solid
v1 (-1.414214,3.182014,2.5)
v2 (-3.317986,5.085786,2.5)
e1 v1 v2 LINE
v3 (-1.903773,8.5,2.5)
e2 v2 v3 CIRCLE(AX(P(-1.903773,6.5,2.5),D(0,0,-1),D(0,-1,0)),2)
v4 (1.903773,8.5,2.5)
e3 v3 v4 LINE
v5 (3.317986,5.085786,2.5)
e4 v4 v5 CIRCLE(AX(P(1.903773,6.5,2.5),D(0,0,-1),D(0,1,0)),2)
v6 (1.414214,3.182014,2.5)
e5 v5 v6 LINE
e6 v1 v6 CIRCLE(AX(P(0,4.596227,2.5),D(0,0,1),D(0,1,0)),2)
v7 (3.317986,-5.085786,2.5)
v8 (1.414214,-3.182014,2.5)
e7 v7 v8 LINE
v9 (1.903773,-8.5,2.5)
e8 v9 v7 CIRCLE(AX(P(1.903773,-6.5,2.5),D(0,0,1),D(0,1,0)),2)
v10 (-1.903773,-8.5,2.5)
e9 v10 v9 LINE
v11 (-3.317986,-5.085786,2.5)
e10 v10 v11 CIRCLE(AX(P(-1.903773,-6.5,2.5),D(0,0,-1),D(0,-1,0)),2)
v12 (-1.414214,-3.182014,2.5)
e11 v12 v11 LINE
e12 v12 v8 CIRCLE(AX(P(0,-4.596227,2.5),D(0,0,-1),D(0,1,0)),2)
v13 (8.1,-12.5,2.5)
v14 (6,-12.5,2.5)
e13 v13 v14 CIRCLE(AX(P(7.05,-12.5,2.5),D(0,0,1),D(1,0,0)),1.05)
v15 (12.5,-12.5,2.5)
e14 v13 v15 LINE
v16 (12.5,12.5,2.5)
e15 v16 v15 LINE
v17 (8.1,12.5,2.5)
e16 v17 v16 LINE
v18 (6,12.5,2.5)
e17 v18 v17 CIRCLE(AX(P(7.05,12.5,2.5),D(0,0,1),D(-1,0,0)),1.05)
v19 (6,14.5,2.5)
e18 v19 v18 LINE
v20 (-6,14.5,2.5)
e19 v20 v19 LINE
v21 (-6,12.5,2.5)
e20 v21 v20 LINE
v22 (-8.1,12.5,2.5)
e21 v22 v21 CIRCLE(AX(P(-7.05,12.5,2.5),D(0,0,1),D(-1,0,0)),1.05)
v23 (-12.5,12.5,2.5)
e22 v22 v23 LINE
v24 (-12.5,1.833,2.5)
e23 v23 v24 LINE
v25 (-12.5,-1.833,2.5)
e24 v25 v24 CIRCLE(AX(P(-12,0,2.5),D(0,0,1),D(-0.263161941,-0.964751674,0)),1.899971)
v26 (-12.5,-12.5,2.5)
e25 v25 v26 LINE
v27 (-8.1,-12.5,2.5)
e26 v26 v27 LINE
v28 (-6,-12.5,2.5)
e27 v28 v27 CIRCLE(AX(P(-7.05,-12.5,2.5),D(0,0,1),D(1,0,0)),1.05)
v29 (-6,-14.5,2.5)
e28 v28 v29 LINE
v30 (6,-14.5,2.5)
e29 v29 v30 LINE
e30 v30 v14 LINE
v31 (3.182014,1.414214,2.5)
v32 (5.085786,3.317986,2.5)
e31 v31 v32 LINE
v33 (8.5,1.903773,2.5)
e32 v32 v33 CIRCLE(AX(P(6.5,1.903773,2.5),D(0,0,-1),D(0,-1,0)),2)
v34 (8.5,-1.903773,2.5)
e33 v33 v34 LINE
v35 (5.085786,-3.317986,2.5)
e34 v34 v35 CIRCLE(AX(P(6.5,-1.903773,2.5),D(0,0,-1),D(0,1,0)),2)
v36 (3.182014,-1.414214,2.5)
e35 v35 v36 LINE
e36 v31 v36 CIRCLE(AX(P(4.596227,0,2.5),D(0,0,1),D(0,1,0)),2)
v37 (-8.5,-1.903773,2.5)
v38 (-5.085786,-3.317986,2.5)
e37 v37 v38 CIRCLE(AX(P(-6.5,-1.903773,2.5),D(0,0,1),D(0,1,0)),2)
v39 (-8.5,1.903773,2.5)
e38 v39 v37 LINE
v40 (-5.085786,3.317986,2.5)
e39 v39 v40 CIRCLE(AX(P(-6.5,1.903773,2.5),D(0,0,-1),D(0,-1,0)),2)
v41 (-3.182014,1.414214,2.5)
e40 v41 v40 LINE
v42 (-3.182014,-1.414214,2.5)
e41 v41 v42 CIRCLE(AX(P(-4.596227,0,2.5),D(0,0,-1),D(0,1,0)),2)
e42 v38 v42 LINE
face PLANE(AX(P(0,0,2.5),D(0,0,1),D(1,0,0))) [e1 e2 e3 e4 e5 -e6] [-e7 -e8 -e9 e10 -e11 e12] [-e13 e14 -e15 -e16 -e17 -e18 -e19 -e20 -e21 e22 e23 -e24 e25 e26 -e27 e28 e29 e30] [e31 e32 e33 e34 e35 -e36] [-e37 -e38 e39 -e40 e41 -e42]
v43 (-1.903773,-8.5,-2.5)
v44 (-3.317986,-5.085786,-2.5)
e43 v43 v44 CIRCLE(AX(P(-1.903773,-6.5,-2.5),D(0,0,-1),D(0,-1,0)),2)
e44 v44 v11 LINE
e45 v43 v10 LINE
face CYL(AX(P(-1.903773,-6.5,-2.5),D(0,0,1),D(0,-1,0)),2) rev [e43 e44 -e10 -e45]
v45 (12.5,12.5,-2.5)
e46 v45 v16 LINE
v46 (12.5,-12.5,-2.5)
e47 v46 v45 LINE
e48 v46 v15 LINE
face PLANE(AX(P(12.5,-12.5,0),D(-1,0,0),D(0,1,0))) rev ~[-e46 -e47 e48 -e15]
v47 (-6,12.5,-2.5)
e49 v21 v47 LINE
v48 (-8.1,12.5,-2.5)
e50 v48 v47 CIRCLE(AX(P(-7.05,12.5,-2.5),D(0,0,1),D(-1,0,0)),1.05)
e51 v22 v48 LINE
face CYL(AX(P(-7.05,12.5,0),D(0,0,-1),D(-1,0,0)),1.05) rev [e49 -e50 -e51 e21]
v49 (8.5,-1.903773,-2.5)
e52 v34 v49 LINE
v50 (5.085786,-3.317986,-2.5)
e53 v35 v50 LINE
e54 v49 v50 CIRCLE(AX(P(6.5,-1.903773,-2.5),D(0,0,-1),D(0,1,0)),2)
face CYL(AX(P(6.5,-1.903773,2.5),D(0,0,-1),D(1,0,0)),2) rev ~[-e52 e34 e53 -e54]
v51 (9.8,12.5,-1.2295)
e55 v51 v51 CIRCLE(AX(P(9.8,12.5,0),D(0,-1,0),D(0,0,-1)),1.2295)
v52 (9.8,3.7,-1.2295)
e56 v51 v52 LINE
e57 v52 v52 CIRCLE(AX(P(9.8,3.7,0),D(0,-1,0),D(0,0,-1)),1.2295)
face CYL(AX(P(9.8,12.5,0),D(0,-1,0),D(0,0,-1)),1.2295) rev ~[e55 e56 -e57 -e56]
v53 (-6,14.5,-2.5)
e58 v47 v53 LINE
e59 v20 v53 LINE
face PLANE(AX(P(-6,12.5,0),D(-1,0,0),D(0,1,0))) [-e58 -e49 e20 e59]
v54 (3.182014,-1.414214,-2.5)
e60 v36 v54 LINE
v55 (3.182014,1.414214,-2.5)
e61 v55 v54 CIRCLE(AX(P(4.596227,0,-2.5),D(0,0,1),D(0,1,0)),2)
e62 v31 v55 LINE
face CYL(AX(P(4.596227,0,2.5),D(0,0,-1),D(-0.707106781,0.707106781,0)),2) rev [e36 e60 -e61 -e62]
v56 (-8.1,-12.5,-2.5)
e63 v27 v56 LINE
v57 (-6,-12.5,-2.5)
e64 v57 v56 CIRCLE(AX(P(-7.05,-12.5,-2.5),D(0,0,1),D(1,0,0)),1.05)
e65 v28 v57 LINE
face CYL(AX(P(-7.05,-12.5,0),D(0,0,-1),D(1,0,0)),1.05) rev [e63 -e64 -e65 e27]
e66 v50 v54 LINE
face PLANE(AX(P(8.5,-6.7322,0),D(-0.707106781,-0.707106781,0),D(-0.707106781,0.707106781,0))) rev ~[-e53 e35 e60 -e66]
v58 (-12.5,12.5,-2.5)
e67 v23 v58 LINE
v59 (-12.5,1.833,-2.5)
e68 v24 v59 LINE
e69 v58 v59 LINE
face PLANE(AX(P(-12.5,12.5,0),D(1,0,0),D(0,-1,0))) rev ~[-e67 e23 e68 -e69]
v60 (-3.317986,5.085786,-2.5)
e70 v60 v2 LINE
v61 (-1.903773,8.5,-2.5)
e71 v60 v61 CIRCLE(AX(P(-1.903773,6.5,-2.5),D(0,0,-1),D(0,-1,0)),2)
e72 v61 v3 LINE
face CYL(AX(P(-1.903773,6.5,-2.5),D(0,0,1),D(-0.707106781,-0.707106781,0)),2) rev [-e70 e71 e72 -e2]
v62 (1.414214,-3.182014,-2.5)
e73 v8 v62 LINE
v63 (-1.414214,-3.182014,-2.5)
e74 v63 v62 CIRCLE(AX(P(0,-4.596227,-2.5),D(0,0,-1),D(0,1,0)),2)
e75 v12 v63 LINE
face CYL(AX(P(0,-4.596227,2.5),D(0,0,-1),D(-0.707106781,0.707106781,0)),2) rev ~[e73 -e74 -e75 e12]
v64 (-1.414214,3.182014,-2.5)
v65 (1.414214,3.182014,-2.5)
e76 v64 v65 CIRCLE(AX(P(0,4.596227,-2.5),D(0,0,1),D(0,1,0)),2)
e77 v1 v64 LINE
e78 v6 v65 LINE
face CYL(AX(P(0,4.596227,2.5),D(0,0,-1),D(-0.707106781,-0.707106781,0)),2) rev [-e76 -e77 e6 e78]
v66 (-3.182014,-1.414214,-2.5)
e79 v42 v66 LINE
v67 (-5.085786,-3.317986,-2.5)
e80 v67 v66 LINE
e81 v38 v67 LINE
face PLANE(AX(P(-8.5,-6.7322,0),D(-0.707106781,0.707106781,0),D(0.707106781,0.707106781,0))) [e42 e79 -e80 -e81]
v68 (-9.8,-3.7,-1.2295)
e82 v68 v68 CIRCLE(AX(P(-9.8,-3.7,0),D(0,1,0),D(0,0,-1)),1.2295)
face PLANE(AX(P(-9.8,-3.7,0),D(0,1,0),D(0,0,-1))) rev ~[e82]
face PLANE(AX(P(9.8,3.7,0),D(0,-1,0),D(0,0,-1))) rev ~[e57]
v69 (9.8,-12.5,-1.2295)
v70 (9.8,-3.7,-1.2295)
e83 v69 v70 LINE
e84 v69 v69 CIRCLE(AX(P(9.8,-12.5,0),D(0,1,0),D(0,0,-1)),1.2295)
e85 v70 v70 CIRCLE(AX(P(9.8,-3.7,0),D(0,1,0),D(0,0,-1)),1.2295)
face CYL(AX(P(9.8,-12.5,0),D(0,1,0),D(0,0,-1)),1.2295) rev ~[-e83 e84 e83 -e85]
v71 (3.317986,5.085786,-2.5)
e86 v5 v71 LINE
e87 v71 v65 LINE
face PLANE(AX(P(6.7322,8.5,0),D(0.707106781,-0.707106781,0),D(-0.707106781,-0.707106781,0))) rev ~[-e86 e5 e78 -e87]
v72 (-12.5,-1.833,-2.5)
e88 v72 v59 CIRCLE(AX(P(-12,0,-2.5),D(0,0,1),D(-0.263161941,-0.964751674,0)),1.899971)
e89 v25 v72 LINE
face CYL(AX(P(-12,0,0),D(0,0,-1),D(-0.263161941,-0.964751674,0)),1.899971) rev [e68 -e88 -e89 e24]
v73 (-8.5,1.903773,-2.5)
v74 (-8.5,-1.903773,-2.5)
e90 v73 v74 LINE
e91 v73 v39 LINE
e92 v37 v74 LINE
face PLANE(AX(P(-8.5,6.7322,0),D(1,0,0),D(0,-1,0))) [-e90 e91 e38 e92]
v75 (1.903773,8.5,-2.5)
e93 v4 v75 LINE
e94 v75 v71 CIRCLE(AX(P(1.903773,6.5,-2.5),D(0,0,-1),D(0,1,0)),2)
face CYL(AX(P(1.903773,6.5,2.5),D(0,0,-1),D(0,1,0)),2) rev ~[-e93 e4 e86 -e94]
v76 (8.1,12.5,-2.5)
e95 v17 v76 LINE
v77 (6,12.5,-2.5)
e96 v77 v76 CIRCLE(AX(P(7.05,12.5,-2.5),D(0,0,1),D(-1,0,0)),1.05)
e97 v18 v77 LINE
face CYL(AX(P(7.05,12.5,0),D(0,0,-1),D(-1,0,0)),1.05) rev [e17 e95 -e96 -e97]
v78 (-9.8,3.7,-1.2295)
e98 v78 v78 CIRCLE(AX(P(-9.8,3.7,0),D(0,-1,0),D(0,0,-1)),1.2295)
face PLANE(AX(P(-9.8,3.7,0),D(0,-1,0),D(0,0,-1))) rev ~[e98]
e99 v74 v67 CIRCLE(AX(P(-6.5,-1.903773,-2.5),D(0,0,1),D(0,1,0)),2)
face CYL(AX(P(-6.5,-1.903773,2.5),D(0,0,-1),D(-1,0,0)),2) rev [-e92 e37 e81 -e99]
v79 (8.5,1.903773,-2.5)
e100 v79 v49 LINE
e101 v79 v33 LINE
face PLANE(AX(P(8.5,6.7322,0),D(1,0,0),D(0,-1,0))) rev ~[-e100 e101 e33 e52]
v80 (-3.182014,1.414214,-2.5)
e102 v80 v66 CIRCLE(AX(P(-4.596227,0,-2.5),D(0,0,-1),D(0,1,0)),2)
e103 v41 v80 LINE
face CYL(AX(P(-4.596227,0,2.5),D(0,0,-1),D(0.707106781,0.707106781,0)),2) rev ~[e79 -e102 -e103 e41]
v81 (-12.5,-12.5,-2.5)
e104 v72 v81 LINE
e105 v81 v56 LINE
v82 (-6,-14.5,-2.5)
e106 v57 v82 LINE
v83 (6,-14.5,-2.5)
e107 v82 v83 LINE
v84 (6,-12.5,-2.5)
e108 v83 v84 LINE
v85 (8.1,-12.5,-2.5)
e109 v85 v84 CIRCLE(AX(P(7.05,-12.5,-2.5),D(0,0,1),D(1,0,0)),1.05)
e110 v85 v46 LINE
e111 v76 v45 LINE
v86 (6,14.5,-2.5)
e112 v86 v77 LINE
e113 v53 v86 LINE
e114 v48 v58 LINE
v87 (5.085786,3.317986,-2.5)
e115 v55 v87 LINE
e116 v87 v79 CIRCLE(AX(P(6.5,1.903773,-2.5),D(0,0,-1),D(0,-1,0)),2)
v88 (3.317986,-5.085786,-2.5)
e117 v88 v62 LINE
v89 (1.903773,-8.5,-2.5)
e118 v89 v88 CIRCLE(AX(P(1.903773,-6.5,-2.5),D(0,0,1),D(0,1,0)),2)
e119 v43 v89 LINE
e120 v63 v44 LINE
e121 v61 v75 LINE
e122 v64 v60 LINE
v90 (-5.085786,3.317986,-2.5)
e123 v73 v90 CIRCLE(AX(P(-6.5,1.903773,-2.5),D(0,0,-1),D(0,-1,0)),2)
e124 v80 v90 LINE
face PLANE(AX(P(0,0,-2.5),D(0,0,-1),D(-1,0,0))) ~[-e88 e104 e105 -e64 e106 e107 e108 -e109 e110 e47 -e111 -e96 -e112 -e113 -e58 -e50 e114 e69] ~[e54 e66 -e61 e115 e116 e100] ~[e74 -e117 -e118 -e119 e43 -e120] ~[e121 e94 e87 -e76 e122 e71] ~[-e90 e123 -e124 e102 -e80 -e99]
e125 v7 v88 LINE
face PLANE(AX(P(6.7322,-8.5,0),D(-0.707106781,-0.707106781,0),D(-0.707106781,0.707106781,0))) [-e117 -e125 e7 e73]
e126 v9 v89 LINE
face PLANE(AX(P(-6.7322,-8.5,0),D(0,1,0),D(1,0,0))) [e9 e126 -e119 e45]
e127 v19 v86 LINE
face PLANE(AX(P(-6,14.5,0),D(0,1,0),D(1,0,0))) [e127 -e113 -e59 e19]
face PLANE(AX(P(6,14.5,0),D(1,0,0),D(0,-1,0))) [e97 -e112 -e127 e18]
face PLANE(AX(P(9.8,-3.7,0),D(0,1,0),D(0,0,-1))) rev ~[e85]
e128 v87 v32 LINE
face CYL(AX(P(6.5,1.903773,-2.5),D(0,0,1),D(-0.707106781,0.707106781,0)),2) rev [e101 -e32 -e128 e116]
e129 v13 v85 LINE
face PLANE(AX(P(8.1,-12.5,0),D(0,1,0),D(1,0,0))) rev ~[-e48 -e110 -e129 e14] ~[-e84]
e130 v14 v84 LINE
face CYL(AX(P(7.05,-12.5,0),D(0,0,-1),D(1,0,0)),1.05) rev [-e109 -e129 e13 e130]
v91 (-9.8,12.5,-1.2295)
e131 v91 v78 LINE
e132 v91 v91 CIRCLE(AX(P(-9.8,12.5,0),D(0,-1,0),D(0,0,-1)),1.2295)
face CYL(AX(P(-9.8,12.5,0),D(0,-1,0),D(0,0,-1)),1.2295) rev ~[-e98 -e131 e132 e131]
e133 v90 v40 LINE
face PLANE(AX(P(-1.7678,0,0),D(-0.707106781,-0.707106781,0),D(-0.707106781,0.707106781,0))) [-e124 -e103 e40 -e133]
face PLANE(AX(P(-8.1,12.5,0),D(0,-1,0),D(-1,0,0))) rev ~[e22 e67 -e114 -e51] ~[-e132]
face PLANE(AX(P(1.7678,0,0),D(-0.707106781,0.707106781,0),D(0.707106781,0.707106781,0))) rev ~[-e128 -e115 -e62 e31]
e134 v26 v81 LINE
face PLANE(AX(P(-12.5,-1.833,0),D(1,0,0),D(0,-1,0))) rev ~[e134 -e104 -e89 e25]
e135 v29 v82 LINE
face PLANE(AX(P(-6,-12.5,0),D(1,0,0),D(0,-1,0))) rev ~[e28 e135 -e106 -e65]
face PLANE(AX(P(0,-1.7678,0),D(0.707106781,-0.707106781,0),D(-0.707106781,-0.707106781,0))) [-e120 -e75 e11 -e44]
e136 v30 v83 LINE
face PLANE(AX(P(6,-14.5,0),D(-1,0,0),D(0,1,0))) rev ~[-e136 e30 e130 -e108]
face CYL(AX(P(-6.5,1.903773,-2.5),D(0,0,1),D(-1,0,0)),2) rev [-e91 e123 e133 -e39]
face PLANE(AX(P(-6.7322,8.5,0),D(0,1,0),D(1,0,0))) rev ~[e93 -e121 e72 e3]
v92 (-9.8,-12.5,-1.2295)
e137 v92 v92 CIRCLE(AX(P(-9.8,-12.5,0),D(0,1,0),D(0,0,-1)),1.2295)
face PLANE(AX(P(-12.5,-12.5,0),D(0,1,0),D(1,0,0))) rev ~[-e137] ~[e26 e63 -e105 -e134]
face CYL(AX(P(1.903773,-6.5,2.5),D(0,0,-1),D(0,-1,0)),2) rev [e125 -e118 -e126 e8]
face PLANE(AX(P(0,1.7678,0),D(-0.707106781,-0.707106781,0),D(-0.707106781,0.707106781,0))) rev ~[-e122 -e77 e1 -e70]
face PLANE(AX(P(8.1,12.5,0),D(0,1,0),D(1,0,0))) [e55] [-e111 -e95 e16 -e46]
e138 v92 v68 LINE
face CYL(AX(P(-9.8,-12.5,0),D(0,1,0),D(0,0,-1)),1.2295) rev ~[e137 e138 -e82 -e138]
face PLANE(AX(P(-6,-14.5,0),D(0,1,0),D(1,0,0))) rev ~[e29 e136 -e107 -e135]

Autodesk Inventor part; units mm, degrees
ref_plane "YZ Plane" through (0, 0, 0) normal (1, 0, 0) x (0, 1, 0)
ref_plane "XZ Plane" through (0, 0, 0) normal (0, 1, 0) x (-1, 0, 0)
ref_plane "XY Plane" through (0, 0, 0) normal (0, 0, 1) x (1, 0, 0)
sketch "スケッチ1" plane through (0, 0, 0) normal (0, 0, 1) x (1, 0, 0)
  line L0 (-12.5, -12.5) -> (12.5, -12.5) construction
  line L1 (12.5, -12.5) -> (12.5, 12.5)
  line L2 (12.5, 12.5) -> (-12.5, 12.5) construction
  line L3 (-12.5, 12.5) -> (-12.5, -12.5)
  line L4 (-12.5, -12.5) -> (12.5, 12.5) construction
  line L5 (12.5, -12.5) -> (-12.5, 12.5) construction
  line L6 (-8.1, 12.5) -> (-12.5, 12.5)
  line L7 (8.1, 12.5) -> (12.5, 12.5)
  line L8 (-12.5, -12.5) -> (-8.1, -12.5)
  line L9 (8.1, -12.5) -> (12.5, -12.5)
  line L10 (-6, 12.5) -> (-6, 14.5)
  line L11 (-6, 14.5) -> (6, 14.5)
  line L12 (6, 14.5) -> (6, 12.5)
  arc A0 (-8.1, 12.5) -> (-6, 12.5) centre (-7.05, 12.5) ccw
  arc A1 (6, 12.5) -> (8.1, 12.5) centre (7.05, 12.5) ccw
  line L13 (0, 12.5) -> (0, 0) construction
  line L14 (0, 0) -> (12.5, 0) construction
  line L15 (-6, -12.5) -> (-6, -14.5)
  line L16 (-6, -14.5) -> (6, -14.5)
  line L17 (6, -14.5) -> (6, -12.5)
  arc A2 (-6, -12.5) -> (-8.1, -12.5) centre (-7.05, -12.5) ccw
  arc A3 (8.1, -12.5) -> (6, -12.5) centre (7.05, -12.5) ccw
  line L18 (-9.05, 12.5) -> (-5.95, 12.5) construction
  line L19 (-6.7322, 8.5) -> (6.7322, 8.5)
  line L20 (6.7322, 8.5) -> (0, 1.7678)
  line L21 (0, 1.7678) -> (-6.7322, 8.5)
  line L22 (-8.5, 6.7322) -> (-8.5, -6.7322)
  line L23 (-8.5, -6.7322) -> (-1.7678, 0)
  line L24 (-1.7678, 0) -> (-8.5, 6.7322)
  line L25 (-6.7322, -8.5) -> (6.7322, -8.5)
  line L26 (6.7322, -8.5) -> (0, -1.7678)
  line L27 (0, -1.7678) -> (-6.7322, -8.5)
  line L28 (8.5, 6.7322) -> (8.5, -6.7322)
  line L29 (8.5, -6.7322) -> (1.7678, 0)
  line L30 (1.7678, 0) -> (8.5, 6.7322)
  line L31 (12.5, 0) -> (12.3, 0)
  arc A4 (-12.5, -1.833) -> (-12.5, 1.833) centre (-12, 0) ccw
  point P0 (-12.5, 0)
  dimension "d0" = 25
  dimension "d1" = 1.05
  dimension "d2" = 2
  dimension "d3" = 6.5
  dimension "d9" = 2.5
  dimension "d10" = 2.5
  dimension "d11" = 2.5
  dimension "d12" = 2.5
  dimension "d13" = 4
  dimension "d31" = 25
  dimension "d44" = 1.9
  dimension "d46" = 0.5
extrude "押し出し1" add sketch "スケッチ1" along normal blind 2.5 contours L9 A3 L17 L16 L15 A2 L8 L3 A4 L6 A0 L10 L11 L12 A1 L7 L1
mirror "ミラー1" about plane through (0, 0, 0) normal (0, 0, -1) of "押し出し1"
sketch "スケッチ2" plane through (-12.5, -12.5, 2.5) normal (0, -1, 0) x (1, 0, 0)
  line L0 (6.5, 0) -> (18.5, 0) construction
  line L1 (12.5, 0) -> (12.5, -5) construction
  line L2 (0, -5) -> (4.4, -5) projected
  line L3 (20.6, -5) -> (25, -5) projected
  line L4 (0, -5) -> (0, 0) projected
  line L5 (25, -5) -> (25, 0) projected
  point P0 (12.5, -2.5)
  point P1 (2.7, -2.5)
  point P2 (22.3, -2.5)
  dimension "d35" = 2.5
  dimension "d37" = 2.5
  dimension "d47" = 2.7
  dimension "d48" = 2.7
hole "穴1" at (-9.8, -12.5, 0) at (9.8, -12.5, 0) direction (0, 1, 0) diameter 2.459 depth 8.8 thread size "M3x0.5" class "6H" standard "ISO Metric profile"
pattern_circular "円形状パターン1" count 2 over 360 about axis through (0, 0, -10) along (0, 0, 1) of "穴1"
fillet "フィレット1" radius 2 12 edges at (8.5, 6.7322, 0) (8.5, -6.7322, 0) (6.7322, -8.5, 0) (0, 1.7678, 0) (-1.7678, 0, 0) (-6.7322, -8.5, 0) (-8.5, -6.7322, 0) (6.7322, 8.5, 0) (-8.5, 6.7322, 0) (-6.7322, 8.5, 0) (0, -1.7678, 0) (1.7678, 0, 0)
equation "\"d10\" = d9"
equation "\"d11\" = d10"
equation "\"d12\" = d11"
properties part number "Head_diagonal" material "アセタール樹脂、黒"
